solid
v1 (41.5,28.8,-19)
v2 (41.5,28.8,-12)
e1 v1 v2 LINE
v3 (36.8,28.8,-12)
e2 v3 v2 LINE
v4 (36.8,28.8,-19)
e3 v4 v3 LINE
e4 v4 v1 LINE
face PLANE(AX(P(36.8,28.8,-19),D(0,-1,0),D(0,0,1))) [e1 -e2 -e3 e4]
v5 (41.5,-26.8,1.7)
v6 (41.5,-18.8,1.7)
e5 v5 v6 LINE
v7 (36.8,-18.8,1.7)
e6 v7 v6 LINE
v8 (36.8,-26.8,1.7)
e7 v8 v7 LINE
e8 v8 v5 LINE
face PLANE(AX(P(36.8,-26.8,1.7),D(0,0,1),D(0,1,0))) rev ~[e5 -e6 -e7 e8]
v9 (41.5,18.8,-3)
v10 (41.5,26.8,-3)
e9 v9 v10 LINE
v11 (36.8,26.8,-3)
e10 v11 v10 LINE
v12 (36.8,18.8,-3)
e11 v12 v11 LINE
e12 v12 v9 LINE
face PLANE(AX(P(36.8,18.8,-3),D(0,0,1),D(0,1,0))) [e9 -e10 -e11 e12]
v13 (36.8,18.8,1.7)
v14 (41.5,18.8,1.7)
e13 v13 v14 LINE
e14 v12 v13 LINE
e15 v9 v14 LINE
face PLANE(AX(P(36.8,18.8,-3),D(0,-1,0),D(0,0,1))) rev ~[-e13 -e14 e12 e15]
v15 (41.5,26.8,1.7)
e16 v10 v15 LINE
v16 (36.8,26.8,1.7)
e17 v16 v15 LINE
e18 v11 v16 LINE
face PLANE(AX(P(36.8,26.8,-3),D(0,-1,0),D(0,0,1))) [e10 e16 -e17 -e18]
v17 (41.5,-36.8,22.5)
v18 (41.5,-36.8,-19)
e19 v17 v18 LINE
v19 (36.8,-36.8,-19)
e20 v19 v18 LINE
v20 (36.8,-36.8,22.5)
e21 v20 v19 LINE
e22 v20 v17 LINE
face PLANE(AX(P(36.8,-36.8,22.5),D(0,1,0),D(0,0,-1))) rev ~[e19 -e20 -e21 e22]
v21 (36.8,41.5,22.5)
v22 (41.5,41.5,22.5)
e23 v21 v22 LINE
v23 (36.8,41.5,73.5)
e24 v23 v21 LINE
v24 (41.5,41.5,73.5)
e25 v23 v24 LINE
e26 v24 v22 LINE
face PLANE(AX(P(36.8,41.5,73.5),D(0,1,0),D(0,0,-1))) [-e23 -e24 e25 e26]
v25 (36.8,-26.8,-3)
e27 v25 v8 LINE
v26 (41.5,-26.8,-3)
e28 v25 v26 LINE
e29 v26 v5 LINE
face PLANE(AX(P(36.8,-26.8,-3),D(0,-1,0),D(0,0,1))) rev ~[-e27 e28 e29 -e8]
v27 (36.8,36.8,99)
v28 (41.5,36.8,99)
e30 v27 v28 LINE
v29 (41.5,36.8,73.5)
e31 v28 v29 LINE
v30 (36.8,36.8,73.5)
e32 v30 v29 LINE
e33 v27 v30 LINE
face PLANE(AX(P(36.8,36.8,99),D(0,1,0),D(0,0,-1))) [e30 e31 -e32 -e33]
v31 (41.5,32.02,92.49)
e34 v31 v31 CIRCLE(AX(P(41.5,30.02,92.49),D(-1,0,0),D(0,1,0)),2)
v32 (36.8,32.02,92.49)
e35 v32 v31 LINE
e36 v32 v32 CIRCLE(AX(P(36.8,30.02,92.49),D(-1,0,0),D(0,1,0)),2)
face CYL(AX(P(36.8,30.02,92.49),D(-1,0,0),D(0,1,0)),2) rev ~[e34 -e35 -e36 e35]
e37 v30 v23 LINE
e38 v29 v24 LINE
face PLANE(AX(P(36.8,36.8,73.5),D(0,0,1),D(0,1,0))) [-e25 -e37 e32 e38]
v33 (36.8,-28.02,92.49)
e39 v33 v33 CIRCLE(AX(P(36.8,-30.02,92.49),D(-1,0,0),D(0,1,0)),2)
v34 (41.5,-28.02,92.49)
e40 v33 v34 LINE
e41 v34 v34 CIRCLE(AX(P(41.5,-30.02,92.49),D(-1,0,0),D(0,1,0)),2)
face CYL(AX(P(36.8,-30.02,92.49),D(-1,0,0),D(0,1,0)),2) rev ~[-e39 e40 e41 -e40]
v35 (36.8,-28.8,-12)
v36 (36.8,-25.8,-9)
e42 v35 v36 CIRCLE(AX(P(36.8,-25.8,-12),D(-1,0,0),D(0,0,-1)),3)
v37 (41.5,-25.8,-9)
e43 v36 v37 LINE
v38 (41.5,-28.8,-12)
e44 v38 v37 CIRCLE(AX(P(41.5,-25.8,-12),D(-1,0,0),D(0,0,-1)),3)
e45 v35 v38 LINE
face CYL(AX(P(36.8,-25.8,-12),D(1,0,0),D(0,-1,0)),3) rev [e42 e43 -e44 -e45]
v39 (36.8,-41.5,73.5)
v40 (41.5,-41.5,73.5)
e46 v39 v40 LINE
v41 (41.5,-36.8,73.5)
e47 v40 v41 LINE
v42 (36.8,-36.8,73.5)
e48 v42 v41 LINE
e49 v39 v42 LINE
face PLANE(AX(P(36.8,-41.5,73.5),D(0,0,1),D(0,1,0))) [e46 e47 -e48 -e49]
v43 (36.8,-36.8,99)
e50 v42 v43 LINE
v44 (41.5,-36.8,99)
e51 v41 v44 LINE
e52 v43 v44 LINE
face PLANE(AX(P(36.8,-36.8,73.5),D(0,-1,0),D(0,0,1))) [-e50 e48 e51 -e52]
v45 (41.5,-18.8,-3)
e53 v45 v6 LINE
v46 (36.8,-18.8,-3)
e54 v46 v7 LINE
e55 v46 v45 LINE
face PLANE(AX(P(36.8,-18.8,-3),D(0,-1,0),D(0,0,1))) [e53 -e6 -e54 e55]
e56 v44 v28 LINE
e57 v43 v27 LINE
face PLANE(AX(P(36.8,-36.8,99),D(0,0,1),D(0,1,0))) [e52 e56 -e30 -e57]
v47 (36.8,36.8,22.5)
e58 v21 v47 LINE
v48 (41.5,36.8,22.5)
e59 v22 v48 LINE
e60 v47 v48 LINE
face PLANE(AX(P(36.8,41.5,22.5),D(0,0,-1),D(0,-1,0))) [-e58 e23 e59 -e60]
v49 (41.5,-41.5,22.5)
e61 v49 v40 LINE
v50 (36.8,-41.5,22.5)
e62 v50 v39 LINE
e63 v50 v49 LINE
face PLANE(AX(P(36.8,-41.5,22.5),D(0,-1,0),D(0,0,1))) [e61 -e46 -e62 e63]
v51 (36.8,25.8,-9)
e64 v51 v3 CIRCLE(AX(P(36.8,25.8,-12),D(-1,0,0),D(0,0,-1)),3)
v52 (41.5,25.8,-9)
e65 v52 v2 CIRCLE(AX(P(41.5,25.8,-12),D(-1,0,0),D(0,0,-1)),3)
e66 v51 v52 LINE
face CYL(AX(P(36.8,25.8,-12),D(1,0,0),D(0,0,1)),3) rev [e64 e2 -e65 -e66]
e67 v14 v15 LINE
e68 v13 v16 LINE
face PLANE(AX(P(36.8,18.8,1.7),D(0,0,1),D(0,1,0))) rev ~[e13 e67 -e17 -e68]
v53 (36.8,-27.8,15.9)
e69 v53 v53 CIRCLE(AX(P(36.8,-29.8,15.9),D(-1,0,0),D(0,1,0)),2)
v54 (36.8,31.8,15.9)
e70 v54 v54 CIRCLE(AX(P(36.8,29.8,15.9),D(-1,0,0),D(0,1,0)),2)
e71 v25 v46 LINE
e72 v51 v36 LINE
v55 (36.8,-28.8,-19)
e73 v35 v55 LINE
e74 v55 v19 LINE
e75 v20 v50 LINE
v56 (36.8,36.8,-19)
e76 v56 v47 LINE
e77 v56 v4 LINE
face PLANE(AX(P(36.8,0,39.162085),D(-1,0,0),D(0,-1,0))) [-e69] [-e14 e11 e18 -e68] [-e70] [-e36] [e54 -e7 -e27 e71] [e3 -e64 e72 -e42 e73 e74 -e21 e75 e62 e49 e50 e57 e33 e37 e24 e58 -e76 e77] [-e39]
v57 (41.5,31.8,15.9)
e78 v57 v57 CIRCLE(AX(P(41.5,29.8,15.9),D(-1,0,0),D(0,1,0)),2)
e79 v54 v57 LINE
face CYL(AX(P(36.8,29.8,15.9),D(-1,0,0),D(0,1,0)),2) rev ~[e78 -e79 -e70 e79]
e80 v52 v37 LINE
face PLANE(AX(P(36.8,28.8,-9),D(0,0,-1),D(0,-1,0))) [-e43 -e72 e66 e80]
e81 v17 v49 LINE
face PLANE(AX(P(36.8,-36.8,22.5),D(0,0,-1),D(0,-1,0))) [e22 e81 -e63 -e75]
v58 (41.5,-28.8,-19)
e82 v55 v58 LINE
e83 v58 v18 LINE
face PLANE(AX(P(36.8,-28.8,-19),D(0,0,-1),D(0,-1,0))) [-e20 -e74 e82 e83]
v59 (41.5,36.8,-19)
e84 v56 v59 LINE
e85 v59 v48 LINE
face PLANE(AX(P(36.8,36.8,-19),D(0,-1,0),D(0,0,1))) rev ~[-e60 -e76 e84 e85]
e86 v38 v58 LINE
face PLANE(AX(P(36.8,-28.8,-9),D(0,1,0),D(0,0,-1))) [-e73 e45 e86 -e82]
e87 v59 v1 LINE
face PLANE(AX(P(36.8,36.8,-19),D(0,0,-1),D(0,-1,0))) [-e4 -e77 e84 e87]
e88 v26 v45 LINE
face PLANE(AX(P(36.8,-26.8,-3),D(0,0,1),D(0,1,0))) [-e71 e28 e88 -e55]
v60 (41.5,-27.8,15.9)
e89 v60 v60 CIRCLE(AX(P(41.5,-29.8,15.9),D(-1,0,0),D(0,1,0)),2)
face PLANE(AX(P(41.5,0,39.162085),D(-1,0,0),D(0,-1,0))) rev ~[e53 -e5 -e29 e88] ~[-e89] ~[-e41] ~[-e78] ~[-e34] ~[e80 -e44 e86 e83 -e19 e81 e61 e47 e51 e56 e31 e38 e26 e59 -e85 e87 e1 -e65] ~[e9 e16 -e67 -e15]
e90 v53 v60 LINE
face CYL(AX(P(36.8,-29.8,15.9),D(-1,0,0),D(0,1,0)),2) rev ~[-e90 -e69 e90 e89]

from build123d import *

# Parameters (mm, degrees)
SKETCH015_W             = 8
SKETCH015_H             = 4.7
PAD011_DEPTH            = 4.7
FILLET004_R             = 3
SKETCH018_R             = 2
POCKET_DEPTH            = 4.701
BODY011_PLACEMENT_ANGLE = 90


with BuildPart() as part:
    # Sketch015 → Pad011 (new body)
    with BuildSketch(Plane.XZ):
        Polygon((-41.5, -25.5), (-41.5, 25.5), (-36.8, 25.5), (-36.8, 51), (36.8, 51), (36.8, 25.5), (41.5, 25.5), (41.5, -25.5), (36.8, -25.5), (36.8, -51), (36.8, -67), (28.8, -67), (28.8, -57), (-28.8, -57), (-28.8, -67), (-36.8, -67), (-36.8, -51), (-36.8, -25.5), align=None)
        with Locations((-22.8, -48.65)):
            Rectangle(SKETCH015_W, SKETCH015_H, mode=Mode.SUBTRACT)
        with Locations((22.8, -48.65)):
            Rectangle(SKETCH015_W, SKETCH015_H, mode=Mode.SUBTRACT)
    extrude(amount=PAD011_DEPTH)

    # Fillet004
    fillet004_edges = [part.edges().sort_by_distance(p)[0] for p in [
        (28.8, -2.35, -57),
        (-28.8, -2.35, -57),
    ]]
    fillet(fillet004_edges, radius=FILLET004_R)

    # Sketch018 (on Face2 of Fillet004) → Pocket (cut, through all)
    with BuildSketch(Plane(origin=(0, 0, 0), x_dir=(1, 0, 0), z_dir=(0, 1, 0))):
        with Locations((30.02, -44.49)):
            Circle(SKETCH018_R)
        with Locations((-30.02, -44.49)):
            Circle(SKETCH018_R)
        with Locations((29.8, 32.1)):
            Circle(SKETCH018_R)
        with Locations((-29.8, 32.1)):
            Circle(SKETCH018_R)
    extrude(amount=-POCKET_DEPTH, mode=Mode.SUBTRACT)


with BuildPart() as part_1:
    # Body011 placement: moved
    add(part.part.moved(Location((-41.5, 0, 48))).rotate(Axis((-41.5, 0, 48), (0, 0, 1)), BODY011_PLACEMENT_ANGLE))


with BuildPart() as part_2:
    # Clone placement: moved
    add(part_1.part.moved(Location((2.5, 0, 0))))


with BuildPart() as part_3:
    # Body012 placement: moved
    add(part_2.part.moved(Location((75.8, 0, 0))))


solid = part_3.part
